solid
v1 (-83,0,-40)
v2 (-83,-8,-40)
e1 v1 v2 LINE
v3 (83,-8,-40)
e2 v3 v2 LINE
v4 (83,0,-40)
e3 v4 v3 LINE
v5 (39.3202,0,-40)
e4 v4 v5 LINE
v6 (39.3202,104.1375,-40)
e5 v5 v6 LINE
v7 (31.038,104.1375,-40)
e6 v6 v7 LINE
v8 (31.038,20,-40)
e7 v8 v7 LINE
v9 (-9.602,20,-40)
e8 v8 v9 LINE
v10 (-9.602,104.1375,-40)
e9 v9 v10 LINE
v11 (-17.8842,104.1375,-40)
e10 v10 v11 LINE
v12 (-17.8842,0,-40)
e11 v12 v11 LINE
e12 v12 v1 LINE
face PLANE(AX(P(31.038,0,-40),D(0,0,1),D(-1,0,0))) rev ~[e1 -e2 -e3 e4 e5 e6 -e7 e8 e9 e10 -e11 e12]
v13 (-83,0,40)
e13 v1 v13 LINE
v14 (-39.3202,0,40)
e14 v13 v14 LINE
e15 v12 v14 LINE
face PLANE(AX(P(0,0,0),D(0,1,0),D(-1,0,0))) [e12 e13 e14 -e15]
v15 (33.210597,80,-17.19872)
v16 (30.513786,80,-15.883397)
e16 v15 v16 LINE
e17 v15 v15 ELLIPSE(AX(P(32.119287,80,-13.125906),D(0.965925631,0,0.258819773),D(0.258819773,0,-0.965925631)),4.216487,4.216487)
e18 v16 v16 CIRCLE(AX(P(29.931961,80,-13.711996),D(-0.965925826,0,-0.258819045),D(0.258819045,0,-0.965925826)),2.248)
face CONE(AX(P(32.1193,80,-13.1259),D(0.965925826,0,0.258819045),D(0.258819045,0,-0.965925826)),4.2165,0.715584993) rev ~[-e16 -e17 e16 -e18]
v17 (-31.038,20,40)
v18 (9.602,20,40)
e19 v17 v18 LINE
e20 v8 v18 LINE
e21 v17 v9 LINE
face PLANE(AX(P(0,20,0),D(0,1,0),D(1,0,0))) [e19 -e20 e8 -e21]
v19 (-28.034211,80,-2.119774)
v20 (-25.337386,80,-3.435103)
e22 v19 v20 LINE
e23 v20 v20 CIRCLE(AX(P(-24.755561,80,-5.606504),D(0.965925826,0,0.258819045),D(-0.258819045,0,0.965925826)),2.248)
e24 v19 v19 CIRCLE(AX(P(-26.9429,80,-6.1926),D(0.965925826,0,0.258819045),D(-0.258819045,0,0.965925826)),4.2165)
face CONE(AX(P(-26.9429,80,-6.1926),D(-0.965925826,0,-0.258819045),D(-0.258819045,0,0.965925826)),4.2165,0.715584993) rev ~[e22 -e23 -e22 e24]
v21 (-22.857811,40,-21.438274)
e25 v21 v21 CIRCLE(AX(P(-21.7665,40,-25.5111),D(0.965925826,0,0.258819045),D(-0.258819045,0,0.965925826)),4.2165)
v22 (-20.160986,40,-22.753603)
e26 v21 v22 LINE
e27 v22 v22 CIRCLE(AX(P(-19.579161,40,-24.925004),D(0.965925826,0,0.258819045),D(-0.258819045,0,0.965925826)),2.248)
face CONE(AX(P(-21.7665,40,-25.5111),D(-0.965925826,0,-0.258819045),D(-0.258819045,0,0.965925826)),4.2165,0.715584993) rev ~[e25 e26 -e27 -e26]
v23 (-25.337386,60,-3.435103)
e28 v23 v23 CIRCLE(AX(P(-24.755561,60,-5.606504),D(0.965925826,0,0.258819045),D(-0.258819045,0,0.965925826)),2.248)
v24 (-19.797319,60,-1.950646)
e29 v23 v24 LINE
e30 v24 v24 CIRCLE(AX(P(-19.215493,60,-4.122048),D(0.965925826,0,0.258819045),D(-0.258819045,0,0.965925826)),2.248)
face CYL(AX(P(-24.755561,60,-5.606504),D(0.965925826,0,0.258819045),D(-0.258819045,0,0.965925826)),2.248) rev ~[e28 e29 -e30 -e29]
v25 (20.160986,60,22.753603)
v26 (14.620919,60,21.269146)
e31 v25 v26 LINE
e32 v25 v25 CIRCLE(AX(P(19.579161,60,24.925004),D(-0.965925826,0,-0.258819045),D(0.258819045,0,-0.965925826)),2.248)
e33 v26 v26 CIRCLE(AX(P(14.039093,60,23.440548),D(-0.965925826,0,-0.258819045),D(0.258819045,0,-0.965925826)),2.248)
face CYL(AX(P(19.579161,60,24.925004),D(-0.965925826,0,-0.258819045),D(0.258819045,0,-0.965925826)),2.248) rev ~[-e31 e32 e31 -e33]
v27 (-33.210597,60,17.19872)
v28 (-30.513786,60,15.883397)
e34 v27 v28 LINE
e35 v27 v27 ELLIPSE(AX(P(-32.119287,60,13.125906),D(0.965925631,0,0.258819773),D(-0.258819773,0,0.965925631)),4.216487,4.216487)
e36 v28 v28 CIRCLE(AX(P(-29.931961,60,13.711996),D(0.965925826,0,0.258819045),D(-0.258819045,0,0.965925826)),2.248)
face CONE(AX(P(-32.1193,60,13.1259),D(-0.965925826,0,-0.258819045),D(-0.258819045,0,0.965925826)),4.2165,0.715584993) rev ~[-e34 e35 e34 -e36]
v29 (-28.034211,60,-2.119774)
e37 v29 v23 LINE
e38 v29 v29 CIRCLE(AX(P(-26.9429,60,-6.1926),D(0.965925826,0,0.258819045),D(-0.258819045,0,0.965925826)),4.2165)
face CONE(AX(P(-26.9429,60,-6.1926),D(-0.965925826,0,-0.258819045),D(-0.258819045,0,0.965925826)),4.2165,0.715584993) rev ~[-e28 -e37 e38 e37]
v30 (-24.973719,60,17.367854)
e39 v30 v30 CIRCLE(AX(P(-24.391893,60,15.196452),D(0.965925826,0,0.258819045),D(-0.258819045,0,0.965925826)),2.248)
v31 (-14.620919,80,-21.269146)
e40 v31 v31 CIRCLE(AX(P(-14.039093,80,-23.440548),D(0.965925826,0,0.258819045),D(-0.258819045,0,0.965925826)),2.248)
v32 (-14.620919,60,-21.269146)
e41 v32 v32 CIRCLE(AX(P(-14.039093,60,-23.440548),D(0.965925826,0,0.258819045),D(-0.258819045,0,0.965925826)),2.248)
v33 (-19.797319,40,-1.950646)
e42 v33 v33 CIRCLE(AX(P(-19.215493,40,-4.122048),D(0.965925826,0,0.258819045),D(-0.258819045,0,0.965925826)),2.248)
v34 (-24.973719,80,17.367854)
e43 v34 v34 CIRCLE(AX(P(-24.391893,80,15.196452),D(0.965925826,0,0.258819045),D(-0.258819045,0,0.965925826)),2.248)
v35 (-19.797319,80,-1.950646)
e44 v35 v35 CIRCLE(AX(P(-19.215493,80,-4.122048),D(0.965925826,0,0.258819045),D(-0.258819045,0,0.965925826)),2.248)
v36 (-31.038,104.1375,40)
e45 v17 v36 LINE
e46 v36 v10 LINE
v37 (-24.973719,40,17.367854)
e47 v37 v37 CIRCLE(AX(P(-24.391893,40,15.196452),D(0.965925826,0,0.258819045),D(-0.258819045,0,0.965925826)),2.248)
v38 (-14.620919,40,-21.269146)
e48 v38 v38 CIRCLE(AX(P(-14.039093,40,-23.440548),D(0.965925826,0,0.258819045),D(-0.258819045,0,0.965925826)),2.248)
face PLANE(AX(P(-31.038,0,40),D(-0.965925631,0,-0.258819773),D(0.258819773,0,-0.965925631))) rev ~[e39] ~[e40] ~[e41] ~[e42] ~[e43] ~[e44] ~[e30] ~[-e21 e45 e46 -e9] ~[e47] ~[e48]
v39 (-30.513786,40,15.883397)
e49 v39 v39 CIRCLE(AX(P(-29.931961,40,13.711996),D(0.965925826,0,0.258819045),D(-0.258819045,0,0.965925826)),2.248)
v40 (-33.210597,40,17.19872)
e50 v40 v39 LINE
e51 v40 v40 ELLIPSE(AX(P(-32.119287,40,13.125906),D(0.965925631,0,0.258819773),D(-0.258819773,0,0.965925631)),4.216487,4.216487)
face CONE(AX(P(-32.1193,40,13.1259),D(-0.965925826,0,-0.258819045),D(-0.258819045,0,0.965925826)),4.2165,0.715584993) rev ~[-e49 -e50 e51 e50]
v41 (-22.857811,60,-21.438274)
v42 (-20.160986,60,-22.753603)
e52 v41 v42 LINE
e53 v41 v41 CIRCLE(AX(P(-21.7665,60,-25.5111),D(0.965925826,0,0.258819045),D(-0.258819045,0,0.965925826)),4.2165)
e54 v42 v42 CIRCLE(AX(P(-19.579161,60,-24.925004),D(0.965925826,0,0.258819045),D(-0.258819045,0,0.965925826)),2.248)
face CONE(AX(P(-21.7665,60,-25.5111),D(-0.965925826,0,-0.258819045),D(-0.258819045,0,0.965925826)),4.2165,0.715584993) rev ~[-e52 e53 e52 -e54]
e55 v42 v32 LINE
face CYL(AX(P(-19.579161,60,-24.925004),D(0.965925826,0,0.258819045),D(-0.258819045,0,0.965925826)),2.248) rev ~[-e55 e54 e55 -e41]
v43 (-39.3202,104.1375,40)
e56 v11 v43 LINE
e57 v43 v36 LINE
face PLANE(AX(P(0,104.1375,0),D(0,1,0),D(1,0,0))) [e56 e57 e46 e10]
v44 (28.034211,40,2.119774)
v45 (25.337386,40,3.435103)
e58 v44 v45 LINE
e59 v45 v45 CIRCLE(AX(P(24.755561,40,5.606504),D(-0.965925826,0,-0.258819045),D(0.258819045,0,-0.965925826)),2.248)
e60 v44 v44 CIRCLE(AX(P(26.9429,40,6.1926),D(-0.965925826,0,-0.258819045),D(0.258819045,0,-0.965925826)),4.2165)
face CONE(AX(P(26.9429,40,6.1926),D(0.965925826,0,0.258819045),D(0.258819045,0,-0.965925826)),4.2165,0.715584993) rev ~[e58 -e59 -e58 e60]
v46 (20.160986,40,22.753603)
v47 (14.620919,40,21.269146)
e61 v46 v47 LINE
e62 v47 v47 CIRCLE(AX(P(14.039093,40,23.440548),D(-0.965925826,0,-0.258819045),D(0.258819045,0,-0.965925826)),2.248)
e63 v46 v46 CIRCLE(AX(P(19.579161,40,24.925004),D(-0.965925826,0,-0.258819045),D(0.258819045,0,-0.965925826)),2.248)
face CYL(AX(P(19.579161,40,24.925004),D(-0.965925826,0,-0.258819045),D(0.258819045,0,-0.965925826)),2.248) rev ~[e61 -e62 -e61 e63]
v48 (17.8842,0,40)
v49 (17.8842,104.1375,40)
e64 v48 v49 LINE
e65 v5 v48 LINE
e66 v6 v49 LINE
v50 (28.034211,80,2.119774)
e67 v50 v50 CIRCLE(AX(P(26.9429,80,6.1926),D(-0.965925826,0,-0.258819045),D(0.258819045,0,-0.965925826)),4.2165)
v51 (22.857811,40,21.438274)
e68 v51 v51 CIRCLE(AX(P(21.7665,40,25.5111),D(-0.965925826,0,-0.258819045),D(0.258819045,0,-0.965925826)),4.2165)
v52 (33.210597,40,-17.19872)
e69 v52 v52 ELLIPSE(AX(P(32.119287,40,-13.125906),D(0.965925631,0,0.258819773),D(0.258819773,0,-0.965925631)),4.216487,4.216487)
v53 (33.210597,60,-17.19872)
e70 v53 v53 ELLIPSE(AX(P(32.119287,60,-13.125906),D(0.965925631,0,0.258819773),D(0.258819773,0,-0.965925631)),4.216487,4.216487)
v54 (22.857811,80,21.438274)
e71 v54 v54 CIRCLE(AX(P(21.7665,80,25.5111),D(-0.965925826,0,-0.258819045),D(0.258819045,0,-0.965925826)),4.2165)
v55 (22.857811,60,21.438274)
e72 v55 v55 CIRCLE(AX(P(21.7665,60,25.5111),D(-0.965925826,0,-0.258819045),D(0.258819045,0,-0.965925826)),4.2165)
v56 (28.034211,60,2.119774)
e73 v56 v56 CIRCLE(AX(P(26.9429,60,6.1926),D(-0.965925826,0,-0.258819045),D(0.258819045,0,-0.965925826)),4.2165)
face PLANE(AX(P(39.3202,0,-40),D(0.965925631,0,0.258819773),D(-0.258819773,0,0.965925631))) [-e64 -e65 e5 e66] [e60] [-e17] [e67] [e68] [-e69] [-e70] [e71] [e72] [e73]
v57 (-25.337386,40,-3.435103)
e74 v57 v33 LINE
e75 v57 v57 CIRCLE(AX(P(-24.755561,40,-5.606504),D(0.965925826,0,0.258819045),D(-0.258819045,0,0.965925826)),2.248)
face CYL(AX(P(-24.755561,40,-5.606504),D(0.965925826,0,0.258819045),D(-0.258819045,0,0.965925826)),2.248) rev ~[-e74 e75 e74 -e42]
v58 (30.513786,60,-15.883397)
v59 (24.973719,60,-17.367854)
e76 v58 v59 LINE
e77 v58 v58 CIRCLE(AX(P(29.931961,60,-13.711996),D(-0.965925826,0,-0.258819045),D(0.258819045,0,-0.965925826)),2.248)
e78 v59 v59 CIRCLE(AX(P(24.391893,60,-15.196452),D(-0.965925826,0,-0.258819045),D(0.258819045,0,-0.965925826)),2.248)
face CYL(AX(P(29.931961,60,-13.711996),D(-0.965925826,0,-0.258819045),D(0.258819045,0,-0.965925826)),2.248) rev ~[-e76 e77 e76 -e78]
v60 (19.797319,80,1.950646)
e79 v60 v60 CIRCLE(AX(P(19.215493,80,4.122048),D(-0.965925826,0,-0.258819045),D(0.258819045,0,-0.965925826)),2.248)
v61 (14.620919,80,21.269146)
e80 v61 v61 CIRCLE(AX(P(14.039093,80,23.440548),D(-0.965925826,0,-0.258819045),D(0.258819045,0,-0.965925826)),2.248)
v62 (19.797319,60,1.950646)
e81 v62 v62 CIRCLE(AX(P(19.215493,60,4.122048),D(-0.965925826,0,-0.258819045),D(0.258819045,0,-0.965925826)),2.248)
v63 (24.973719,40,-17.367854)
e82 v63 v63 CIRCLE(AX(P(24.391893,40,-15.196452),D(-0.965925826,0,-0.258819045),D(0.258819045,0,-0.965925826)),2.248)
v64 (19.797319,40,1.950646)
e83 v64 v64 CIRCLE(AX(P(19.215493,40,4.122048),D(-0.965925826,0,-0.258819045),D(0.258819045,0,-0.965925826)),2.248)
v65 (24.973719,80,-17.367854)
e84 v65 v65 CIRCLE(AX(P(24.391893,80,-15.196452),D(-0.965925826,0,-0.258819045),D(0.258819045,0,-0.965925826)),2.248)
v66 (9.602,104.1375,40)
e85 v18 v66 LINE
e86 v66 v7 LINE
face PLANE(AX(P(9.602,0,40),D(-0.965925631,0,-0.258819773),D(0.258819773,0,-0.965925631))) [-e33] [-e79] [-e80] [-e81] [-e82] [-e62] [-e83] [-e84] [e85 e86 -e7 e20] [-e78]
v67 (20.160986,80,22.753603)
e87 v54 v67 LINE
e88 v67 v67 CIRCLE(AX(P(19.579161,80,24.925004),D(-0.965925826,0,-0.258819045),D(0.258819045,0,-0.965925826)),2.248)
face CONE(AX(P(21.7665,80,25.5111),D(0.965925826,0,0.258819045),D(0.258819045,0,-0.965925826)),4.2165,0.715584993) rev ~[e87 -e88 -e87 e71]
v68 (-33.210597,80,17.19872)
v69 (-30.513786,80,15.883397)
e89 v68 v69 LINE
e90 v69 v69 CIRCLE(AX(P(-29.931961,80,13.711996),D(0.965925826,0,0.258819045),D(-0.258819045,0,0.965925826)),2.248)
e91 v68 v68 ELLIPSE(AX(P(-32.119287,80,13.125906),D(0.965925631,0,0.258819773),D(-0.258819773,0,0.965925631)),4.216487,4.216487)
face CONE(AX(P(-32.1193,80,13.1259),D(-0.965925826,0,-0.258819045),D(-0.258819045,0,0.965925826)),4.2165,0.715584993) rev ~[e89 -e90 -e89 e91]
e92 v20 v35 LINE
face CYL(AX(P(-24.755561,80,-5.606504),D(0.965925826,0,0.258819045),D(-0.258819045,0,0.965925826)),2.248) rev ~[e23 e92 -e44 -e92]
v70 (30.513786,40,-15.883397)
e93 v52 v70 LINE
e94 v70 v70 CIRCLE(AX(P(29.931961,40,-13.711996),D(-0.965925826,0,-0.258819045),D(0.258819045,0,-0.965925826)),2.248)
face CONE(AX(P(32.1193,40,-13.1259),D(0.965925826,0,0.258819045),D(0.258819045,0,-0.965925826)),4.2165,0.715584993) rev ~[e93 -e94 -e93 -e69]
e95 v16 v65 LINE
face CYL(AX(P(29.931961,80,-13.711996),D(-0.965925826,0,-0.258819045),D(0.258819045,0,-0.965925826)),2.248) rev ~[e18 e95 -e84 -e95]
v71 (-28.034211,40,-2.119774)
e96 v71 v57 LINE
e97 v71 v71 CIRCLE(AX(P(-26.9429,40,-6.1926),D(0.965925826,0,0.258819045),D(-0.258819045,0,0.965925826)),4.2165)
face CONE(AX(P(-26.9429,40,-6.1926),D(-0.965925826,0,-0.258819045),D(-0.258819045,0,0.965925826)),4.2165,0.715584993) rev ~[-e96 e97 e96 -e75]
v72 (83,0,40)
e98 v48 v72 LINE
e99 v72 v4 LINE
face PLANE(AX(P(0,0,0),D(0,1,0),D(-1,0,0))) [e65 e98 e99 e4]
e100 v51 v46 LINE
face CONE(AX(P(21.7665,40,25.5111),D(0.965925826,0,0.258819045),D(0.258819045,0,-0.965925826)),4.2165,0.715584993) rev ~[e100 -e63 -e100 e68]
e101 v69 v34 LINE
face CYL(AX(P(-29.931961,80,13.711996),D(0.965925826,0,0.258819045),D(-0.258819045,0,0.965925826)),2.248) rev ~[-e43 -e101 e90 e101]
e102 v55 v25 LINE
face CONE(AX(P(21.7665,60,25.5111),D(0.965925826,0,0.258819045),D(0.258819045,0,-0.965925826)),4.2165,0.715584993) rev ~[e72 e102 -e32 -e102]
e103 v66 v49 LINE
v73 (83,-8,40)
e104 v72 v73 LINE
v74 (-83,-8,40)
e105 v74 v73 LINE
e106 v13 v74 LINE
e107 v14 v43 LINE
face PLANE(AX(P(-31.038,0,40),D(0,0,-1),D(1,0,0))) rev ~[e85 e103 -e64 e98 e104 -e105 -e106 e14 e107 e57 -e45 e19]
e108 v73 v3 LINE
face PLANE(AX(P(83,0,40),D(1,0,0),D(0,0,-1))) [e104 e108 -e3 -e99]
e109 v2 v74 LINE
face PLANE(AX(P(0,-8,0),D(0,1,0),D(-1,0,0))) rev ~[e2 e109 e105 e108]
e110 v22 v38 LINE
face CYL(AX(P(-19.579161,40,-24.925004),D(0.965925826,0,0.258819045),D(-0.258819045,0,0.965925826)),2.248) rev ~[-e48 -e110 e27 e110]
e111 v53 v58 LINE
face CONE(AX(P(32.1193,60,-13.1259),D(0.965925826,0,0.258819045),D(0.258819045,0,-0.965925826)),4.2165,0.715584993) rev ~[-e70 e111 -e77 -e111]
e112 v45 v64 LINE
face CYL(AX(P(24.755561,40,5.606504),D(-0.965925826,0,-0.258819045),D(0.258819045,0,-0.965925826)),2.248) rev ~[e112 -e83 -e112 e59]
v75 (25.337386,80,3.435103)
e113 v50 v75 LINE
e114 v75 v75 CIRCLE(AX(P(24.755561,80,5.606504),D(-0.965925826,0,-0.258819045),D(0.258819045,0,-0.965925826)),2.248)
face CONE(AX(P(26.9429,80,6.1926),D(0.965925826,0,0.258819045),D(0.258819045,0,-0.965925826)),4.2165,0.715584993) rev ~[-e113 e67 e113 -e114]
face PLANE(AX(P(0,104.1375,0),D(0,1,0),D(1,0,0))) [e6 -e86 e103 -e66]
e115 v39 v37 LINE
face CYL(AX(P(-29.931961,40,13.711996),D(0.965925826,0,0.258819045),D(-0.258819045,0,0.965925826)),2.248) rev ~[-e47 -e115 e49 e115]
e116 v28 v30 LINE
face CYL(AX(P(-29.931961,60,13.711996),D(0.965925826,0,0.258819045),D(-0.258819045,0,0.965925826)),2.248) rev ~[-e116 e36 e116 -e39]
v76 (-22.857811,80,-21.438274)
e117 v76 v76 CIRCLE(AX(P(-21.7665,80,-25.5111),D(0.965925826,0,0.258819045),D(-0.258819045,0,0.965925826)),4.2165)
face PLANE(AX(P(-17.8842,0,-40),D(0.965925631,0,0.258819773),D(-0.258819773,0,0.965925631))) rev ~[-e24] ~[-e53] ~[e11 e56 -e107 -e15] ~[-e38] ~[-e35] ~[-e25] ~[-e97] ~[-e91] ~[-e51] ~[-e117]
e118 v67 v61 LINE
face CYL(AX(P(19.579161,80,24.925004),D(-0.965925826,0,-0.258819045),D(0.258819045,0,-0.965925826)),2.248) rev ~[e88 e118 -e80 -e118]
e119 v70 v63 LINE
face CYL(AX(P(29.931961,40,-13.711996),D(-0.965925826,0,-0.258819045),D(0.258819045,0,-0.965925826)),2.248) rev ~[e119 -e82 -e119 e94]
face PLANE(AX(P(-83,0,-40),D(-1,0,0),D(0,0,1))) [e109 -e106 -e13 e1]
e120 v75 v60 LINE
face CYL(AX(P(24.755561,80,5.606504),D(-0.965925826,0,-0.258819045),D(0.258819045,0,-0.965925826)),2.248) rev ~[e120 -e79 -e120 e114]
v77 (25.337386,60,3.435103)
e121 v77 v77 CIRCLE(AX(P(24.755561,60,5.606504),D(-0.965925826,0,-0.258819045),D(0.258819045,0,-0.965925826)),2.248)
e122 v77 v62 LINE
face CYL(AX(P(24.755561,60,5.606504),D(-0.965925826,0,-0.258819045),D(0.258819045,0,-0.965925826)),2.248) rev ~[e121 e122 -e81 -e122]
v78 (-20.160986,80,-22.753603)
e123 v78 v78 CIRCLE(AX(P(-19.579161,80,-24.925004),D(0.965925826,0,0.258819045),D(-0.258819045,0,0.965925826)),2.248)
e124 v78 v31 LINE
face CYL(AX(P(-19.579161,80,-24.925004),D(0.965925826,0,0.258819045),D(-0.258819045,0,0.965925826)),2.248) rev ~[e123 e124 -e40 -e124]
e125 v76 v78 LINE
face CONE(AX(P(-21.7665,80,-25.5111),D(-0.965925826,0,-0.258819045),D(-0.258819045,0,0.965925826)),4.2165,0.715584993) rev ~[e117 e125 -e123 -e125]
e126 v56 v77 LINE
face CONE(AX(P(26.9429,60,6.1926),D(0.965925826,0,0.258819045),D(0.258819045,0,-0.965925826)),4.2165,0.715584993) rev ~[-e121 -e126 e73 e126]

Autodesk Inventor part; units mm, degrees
ref_plane "YZ Plane" through (0, 0, 0) normal (1, 0, 0) x (0, 1, 0)
ref_plane "XZ Plane" through (0, 0, 0) normal (0, 1, 0) x (-1, 0, 0)
ref_plane "XY Plane" through (0, 0, 0) normal (0, 0, 1) x (1, 0, 0)
sketch "Sketch8" plane through (0, 0, 0) normal (0, 1, 0) x (-1, 0, 0)
  line L0 (83, 40) -> (-83, 40)
  line L1 (-83, 40) -> (-83, -40)
  line L2 (-83, -40) -> (83, -40)
  line L3 (83, -40) -> (83, 40)
  line L4 (83, 40) -> (-83, -40) construction
  line L5 (-83, 40) -> (83, -40) construction
  point P0 (0, 0)
  dimension "d28" = 80
  dimension "d29" = 166
extrude "Extrusion8" add sketch "Sketch8" against normal blind 8
sketch "Sketch11" plane through (0, 0, 0) normal (0, 1, 0) x (1, 0, 0)
  line L0 (83, 40) -> (-83, 40) projected
  line L1 (-83, -40) -> (83, -40) projected
  line L2 (-83, 40) -> (-83, -40) projected
  line L3 (83, -40) -> (83, 40) projected
  line L4 (-31.038, -40) -> (-9.602, 40)
  line L5 (-9.602, 40) -> (-17.8842, 40)
  line L6 (-75, 40) -> (75, 40) projected
  line L7 (-17.8842, 40) -> (-39.3202, -40)
  line L8 (-39.3202, -40) -> (-31.038, -40)
  line L9 (-31.038, -40) -> (-31.038, 40) construction
  line L10 (0, -40) -> (0, 40) construction
  line L11 (9.602, -40) -> (31.038, 40)
  line L12 (31.038, 40) -> (39.3202, 40)
  line L13 (39.3202, 40) -> (17.8842, -40)
  line L14 (17.8842, -40) -> (9.602, -40)
  point P0 (0, 0)
  point P1 (0, -40)
  point P2 (0, -40)
  point P3 (-20.32, 0)
  point P4 (0, 0)
  point P5 (20.32, 0)
  point P6 (39.3202, 40)
  point P7 (31.038, 40)
  point P8 (-17.8842, 40)
  dimension "d39" = -15
  dimension "d40" = 8
  dimension "d42" = 8
  dimension "d44" = 20.32
  dimension "d45" = 20.32
extrude "Extrusion11" add sketch "Sketch11" along normal blind 104.1375 contours L13 L1 L11 L0 | L4 L1 L7 L0
sketch "Sketch12" plane through (0, 0, 0) normal (0, 1, 0) x (1, 0, 0)
  line L0 (31.038, 40) -> (-9.602, 40) projected
  line L1 (31.038, 40) -> (9.602, -40) projected
  line L2 (-31.038, -40) -> (9.602, -40) projected
  line L3 (-31.038, -40) -> (-9.602, 40) projected
  line L4 (-9.602, 40) -> (31.038, 40)
  line L5 (31.038, 40) -> (9.602, -40)
  line L6 (9.602, -40) -> (-31.038, -40)
  line L7 (-9.602, 40) -> (-31.038, -40) projected
  line L8 (-31.038, -40) -> (-9.602, 40)
  point P0 (0, 0)
extrude "Extrusion12" add sketch "Sketch12" along normal blind 20
sketch "Sketch15" plane through (-39.3202, 0, 40) normal (-0.9659, 0, -0.2588) x (-0.2588, 0, 0.9659)
  line L0 (-82.8221, 104.1375) -> (0, 104.1375) projected
  line L1 (0, 0) -> (0, 104.1375) projected
  line L2 (-82.8221, 0) -> (-82.8221, 104.1375) projected
  line L3 (-2.1436, 20) -> (-84.9657, 20) projected
  line L4 (-82.8221, 40) -> (0, 40) construction
  line L5 (-67.8221, 40) -> (-67.8221, 104.1375) construction
  point P0 (-48.8138, 0)
  point P1 (-82.8221, 52.0688)
  point P2 (-47.8221, 40)
  point P3 (-27.8221, 40)
  point P4 (-67.8221, 60)
  point P5 (-47.8221, 60)
  point P6 (-27.8221, 60)
  point P7 (-67.8221, 80)
  point P8 (-47.8221, 80)
  point P9 (-27.8221, 80)
  dimension "d64" = 15
  dimension "d74" = 20
  dimension "d77" = 20
  dimension "d90" = 20
hole "HoleForLeftSideOf2x4" at (-21.7665, 40, -25.5111) at (-26.9429, 40, -6.1926) at (-32.1193, 40, 13.1259) at (-26.9429, 60, -6.1926) at (-21.7665, 60, -25.5111) at (-32.1193, 60, 13.1259) at (-32.1193, 80, 13.1259) at (-26.9429, 80, -6.1926) at (-21.7665, 80, -25.5111) direction (0.9659, 0, 0.2588) diameter 4.496 depth 8 countersink diameter 8.433 countersink angle 82 clearance for "Flat Head Machine Screw (82)" size "#8" standard "Ansi Unified Screw Threads"
sketch "Sketch16" plane through (39.3202, 0, -40) normal (0.9659, 0, 0.2588) x (0.2588, 0, -0.9659)
  line L0 (-82.8221, 104.1375) -> (0, 104.1375) projected
  line L1 (0, 0) -> (0, 104.1375) projected
  line L2 (-82.8221, 0) -> (-82.8221, 104.1375) projected
  line L3 (-82.8221, 0) -> (-65.9689, 0) projected
  line L4 (-2.1436, 20) -> (-84.9657, 20) projected
  line L5 (-82.8221, 40) -> (0, 40) construction
  line L6 (-67.8221, 40) -> (-67.8221, 104.1375) construction
  point P0 (-48.8138, 0)
  point P1 (-47.8221, 40)
  point P2 (-27.8221, 40)
  point P3 (-67.8221, 60)
  point P4 (-47.8221, 60)
  point P5 (-27.8221, 60)
  point P6 (-67.8221, 80)
  point P7 (-47.8221, 80)
  point P8 (-27.8221, 80)
  dimension "d80" = 20
  dimension "d81" = 15
  dimension "d84" = 20
  dimension "d87" = 20
hole "HolesForRightSideOf2x4" at (26.9429, 40, 6.1926) at (32.1193, 40, -13.1259) at (21.7665, 60, 25.5111) at (26.9429, 60, 6.1926) at (32.1193, 60, -13.1259) at (21.7665, 80, 25.5111) at (26.9429, 80, 6.1926) at (32.1193, 80, -13.1259) at (21.7665, 40, 25.5111) direction (-0.9659, 0, -0.2588) diameter 4.496 depth 8 countersink diameter 8.433 countersink angle 82 clearance for "Flat Head Machine Screw (82)" size "#8" standard "Ansi Unified Screw Threads"
equation "\"d28\" = widthOfBracket"
equation "\"d30\" = wallThickness"
equation "\"d39\" = azimuth"
equation "\"d40\" = wallThickness"
equation "\"d42\" = wallThickness"
equation "\"d44\" = 0.5 * twoByFourWidth"
equation "\"d45\" = 0.5 * twoByFourWidth"
equation "\"d46\" = twoByFourDepth + baseBelowTwoByFour"
equation "\"d49\" = baseBelowTwoByFour"
equation "\"wallThickness\" = 8"
equation "\"widthOfBracket\" = 80"
equation "\"twoByFourWidth\" = 40.64"
equation "\"twoByFourDepth\" = 84.1375"
equation "\"azimuth\" = -15deg"
equation "\"elevation\" = 20deg"
equation "\"baseBelowTwoByFour\" = 20"
equation "\"centerForTwoHoles\" = 0.25 * diagonalLine"
equation "\"depthOfExtrusionForMatingToLowerHalf\" = 12.5"
equation "\"depthForWasherForMatingToCase\" = 14"
equation "\"diagonalLine\" = 85.134222"
properties part number "pvcBracketUpperPortion" material "PC/ABS Plastic"
